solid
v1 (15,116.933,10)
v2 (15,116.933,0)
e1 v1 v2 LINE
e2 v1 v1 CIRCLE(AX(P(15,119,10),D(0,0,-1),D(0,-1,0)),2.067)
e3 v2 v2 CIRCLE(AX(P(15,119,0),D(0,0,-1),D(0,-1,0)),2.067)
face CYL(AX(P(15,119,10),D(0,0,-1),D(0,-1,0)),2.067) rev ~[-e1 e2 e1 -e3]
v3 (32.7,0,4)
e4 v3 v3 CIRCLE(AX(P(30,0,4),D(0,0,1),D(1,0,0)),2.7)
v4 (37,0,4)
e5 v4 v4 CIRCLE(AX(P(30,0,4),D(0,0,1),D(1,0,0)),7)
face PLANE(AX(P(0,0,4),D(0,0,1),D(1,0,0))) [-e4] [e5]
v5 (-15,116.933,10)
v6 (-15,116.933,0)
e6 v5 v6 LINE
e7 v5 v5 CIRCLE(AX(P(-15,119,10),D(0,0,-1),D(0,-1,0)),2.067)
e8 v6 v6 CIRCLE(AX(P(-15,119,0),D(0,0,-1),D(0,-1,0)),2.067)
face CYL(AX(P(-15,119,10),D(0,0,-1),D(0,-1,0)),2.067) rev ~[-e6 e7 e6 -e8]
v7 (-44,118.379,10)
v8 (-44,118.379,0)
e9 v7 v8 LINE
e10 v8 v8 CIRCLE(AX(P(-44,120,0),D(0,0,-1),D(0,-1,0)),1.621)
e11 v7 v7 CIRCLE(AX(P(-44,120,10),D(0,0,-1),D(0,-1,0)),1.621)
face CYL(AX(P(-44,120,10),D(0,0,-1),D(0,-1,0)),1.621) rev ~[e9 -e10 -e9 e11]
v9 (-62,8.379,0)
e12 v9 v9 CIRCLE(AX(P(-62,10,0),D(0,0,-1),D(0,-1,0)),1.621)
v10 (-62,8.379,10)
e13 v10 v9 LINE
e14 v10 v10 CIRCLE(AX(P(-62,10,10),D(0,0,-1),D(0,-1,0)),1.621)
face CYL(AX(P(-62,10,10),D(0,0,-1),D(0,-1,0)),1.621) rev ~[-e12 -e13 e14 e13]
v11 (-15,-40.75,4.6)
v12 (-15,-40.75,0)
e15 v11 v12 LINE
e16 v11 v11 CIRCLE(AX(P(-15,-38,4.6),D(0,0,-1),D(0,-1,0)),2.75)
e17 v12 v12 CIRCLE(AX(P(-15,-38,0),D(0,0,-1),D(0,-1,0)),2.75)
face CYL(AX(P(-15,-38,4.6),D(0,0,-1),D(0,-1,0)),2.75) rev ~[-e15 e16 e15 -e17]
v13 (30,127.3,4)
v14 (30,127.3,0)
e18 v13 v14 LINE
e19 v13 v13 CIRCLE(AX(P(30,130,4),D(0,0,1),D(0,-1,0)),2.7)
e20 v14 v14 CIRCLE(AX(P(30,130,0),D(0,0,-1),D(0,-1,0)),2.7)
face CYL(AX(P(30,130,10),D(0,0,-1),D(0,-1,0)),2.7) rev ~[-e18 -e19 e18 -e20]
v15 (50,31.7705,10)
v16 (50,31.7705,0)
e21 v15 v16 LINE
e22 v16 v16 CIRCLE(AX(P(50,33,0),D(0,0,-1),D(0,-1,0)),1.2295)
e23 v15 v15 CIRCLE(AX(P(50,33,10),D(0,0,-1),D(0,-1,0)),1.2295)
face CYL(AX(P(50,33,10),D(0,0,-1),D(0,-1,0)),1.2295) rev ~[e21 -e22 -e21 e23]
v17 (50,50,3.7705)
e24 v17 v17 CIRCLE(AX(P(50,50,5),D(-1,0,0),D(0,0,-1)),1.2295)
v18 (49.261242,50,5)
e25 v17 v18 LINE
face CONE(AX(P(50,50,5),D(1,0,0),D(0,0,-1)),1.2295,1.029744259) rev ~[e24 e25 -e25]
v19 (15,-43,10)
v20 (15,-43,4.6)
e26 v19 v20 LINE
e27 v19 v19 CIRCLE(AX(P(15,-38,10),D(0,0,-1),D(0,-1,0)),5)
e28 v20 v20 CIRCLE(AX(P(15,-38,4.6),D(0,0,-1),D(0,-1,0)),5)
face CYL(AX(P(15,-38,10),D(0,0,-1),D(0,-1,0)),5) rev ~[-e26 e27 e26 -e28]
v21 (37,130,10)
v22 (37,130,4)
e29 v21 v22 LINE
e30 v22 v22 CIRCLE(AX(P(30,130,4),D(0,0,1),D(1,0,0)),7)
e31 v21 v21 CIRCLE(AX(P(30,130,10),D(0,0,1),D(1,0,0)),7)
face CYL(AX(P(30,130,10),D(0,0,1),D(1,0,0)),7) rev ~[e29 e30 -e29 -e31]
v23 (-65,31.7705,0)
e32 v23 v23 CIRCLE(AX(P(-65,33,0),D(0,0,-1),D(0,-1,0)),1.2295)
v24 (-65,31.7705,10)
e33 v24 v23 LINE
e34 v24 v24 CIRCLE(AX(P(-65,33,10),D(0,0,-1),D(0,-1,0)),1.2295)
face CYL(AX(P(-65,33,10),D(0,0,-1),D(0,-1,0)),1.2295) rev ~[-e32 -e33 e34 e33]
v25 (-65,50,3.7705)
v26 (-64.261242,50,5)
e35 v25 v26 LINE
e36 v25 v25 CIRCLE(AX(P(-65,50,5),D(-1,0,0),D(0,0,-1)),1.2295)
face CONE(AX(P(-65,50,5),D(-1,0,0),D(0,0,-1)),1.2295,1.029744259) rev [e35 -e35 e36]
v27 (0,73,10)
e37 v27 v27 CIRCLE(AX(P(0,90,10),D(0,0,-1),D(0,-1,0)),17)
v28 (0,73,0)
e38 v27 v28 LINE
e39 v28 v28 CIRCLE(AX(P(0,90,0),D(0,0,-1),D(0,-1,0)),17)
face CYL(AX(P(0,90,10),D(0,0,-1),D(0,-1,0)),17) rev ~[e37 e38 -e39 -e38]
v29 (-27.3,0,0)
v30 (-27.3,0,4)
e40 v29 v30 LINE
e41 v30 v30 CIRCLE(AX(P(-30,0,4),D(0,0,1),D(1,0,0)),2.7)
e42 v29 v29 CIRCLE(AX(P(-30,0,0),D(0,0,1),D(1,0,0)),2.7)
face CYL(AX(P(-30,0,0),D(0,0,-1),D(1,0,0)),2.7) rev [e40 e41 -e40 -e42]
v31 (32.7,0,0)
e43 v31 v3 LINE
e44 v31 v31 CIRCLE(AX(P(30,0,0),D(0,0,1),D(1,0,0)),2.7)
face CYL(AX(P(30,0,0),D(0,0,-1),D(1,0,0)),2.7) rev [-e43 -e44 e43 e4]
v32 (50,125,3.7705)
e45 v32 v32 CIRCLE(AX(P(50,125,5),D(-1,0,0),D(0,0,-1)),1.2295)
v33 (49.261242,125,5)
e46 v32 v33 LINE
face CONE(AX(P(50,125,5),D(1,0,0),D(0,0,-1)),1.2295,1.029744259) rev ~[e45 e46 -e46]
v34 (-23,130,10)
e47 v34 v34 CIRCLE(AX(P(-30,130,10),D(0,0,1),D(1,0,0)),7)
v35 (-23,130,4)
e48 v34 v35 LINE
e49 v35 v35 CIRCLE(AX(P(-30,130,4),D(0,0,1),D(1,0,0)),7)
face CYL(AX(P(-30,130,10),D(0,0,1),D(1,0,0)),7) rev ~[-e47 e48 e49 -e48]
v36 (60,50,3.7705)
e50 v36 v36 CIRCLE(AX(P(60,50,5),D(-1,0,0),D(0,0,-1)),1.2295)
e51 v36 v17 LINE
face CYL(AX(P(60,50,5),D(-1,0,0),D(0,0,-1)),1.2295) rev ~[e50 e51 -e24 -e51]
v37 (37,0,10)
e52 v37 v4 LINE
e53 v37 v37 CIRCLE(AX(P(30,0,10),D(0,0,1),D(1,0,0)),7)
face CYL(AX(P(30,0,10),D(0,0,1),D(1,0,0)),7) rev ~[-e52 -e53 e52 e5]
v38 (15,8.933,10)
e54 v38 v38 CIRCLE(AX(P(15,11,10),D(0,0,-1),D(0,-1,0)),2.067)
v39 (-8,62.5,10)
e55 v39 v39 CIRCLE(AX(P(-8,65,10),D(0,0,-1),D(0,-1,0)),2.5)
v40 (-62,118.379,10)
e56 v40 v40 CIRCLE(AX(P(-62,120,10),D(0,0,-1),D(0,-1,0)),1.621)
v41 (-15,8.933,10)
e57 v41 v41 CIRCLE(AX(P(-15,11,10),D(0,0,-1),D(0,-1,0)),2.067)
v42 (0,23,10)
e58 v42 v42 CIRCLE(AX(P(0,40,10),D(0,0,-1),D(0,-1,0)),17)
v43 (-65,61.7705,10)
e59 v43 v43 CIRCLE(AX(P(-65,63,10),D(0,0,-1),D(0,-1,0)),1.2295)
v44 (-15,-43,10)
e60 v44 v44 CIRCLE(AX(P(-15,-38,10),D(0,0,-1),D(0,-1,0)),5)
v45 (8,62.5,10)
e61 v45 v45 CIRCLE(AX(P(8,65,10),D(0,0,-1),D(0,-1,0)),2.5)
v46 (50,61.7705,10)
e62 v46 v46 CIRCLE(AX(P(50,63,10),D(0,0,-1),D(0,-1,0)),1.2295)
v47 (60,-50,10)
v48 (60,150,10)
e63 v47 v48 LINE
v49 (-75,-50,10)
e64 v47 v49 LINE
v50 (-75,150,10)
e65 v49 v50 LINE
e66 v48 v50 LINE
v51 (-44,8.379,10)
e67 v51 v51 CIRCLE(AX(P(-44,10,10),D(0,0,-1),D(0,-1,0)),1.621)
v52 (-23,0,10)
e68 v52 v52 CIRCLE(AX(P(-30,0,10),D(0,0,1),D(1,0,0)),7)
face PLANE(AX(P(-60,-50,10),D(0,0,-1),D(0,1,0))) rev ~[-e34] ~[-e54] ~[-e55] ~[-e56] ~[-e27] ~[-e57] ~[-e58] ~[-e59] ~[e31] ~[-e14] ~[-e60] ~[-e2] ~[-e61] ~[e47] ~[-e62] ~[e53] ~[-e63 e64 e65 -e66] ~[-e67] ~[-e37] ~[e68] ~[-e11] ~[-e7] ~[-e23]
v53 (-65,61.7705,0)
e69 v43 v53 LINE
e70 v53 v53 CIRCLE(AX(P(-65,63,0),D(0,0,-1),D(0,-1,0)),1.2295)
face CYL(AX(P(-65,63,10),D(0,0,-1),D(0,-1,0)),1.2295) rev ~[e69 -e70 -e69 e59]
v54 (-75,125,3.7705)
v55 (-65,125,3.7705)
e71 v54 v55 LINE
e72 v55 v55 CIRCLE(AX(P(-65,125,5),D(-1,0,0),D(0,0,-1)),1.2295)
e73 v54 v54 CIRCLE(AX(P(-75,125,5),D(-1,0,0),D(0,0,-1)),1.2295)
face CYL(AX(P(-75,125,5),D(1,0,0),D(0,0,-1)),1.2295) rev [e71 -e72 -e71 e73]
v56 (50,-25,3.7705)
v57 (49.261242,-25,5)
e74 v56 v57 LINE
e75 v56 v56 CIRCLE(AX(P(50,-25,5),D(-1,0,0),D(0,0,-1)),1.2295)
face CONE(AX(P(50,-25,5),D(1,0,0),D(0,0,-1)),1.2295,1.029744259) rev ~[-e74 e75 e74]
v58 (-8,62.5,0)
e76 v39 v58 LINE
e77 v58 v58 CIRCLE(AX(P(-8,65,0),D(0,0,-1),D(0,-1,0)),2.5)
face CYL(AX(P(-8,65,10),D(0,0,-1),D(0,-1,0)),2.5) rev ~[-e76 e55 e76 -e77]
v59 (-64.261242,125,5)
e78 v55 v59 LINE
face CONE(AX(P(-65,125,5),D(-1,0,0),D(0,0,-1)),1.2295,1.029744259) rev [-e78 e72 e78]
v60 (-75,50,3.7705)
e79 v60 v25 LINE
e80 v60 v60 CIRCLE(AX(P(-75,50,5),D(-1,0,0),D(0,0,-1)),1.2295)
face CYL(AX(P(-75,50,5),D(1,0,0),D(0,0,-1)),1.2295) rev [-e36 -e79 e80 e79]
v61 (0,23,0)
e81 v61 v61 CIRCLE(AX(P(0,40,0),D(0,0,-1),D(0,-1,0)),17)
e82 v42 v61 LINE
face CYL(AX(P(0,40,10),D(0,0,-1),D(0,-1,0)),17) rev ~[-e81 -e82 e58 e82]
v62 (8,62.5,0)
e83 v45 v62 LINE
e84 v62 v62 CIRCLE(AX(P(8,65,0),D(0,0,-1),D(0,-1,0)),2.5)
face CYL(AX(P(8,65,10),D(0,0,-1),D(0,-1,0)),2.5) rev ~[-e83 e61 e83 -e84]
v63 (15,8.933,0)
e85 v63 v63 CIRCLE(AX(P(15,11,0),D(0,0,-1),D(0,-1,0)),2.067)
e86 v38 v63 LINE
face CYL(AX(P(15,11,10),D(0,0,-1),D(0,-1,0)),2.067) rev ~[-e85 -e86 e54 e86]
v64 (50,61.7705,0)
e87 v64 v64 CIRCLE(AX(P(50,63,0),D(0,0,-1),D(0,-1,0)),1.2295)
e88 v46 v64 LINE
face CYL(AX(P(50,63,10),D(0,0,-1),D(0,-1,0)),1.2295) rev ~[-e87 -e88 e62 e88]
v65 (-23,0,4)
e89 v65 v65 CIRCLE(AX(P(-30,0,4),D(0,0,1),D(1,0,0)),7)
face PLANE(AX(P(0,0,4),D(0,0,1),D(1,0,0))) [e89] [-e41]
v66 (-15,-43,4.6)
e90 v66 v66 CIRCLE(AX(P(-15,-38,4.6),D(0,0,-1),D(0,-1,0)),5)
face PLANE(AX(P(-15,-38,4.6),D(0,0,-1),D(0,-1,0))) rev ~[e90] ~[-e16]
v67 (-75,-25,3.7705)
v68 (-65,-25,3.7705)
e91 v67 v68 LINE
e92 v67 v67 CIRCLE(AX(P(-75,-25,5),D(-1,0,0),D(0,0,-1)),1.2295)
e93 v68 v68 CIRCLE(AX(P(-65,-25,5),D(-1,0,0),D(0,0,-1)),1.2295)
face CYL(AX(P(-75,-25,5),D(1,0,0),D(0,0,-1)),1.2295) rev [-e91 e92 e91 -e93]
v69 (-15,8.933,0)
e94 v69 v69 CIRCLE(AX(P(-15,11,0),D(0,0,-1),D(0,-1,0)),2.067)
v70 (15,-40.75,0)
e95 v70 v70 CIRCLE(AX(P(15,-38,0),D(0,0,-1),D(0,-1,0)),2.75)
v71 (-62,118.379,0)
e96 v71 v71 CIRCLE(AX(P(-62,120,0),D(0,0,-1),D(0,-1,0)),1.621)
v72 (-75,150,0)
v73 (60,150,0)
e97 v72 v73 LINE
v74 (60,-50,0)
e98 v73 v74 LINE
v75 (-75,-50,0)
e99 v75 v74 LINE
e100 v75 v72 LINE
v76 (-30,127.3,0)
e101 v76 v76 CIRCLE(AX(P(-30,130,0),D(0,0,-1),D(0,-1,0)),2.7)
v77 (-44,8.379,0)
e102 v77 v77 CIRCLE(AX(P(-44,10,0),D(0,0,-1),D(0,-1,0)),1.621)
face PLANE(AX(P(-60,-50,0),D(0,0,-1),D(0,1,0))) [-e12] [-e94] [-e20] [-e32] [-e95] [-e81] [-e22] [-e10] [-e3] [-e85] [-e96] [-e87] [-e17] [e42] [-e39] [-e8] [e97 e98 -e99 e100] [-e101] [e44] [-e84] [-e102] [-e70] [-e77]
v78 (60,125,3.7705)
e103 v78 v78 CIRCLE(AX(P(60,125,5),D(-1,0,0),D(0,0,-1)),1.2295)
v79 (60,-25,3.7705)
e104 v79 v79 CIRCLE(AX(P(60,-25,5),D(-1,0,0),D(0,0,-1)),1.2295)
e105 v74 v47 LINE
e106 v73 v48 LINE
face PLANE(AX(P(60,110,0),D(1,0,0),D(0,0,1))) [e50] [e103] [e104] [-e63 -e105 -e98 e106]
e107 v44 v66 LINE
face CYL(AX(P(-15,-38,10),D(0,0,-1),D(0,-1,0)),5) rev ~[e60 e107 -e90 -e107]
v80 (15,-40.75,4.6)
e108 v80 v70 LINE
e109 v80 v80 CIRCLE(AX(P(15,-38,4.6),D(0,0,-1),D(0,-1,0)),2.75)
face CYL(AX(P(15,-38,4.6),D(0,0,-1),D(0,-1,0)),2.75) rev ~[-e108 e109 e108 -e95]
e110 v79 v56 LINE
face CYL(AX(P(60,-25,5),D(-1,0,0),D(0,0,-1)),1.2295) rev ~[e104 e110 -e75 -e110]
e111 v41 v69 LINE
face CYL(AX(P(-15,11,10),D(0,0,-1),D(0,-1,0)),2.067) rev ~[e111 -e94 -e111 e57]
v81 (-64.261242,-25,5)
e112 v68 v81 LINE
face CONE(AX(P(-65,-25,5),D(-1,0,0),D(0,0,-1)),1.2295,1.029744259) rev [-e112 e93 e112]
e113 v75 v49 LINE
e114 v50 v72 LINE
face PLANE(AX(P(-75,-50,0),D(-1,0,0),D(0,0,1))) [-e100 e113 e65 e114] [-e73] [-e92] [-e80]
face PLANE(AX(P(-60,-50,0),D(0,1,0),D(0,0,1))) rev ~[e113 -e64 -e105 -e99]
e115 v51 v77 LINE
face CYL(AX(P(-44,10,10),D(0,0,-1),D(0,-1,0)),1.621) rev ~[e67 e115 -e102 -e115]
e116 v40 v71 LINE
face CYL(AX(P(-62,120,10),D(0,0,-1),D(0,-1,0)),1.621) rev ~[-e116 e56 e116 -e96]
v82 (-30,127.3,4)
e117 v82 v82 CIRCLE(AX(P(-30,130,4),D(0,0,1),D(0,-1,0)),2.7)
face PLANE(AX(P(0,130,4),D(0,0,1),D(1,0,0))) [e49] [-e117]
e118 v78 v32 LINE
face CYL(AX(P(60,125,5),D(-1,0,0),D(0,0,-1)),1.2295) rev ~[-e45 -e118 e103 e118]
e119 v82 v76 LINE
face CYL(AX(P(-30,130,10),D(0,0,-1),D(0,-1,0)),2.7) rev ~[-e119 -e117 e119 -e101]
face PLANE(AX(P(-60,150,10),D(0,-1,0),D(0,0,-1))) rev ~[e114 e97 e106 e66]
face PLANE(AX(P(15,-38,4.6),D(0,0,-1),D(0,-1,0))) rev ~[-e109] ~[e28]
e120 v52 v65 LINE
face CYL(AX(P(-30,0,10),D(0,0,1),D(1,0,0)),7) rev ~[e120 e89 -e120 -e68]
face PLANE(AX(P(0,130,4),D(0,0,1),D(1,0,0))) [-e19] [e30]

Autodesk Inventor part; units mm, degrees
ref_plane "YZ Plane" through (0, 0, 0) normal (1, 0, 0) x (0, 1, 0)
ref_plane "XZ Plane" through (0, 0, 0) normal (0, 1, 0) x (-1, 0, 0)
sketch "Skizze1" plane through (0, 0, 0) normal (0, 0, 1) x (1, 0, 0)
  line L0 (-60, 110) -> (60, 110)
  line L1 (60, 110) -> (60, -50)
  line L2 (60, -50) -> (-60, -50)
  line L3 (-60, -50) -> (-60, 110)
  line L4 (-1104, 0) -> (254, 0) projected
  line L5 (0, -83) -> (0, 148) projected
  circle A0 centre (-30, 0) radius 2.7
  circle A1 centre (30, 0) radius 2.7
  line L6 (-910, 115) -> (-40, 115) projected
  point P0 (0, 0)
  dimension "d0" = 110
  dimension "d1" = 120
  dimension "d2" = 60
  dimension "d3" = 5.4
  dimension "d7" = 50
extrude "Extrusion1" add sketch "Skizze1" along normal blind 10 contours L0 L5 L4 A0 L3 | L0 L1 L4 A1 L5 | L4 A0 L5 L2 L3 | L4 A1 L1 L2 L5
sketch "Skizze2" plane through (0, 0, 10) normal (0, 0, 1) x (1, 0, 0)
  line L0 (-60, 110) -> (60, 110) projected
  line L1 (0, -82) -> (0, 142) projected
  point P0 (0, 0)
  point P1 (0, 90)
  point P2 (0, 40)
  dimension "d17" = 20
  dimension "d18" = 50
hole "Bohrung2" at (0, 90, 10) at (0, 40, 10) direction (0, 0, -1) diameter 34 end through all
sketch "Skizze5" plane through (0, 0, 10) normal (0, 0, 1) x (1, 0, 0)
  circle A0 centre (30, 0) radius 2.7 projected
  circle A1 centre (-30, 0) radius 2.7 projected
  circle A2 centre (-30, 0) radius 7
  circle A3 centre (30, 0) radius 7
  point P0 (0, 0)
  dimension "d33" = 14
extrude "Extrusion2" cut sketch "Skizze5" against normal blind 6
sketch "Skizze6" plane through (-60, 110, 0) normal (0, 1, 0) x (1, 0, 0)
  line L0 (0, -10) -> (120, -10) projected
  line L1 (120, 0) -> (120, -10) projected
  line L2 (0, 0) -> (120, 0) projected
  line L3 (0, 0) -> (0, -10) projected
  point P0 (60, 0)
extrude "Extrusion3" add sketch "Skizze6" along normal blind 40
pattern_linear "Rechteckige Anordnung1" count 2 spacing 130 along (0, 1, 0) of "Extrusion2"
sketch "Skizze8" plane through (0, 0, 10) normal (0, 0, 1) x (1, 0, 0)
  circle A0 centre (30, 130) radius 7 projected
  circle A1 centre (-30, 130) radius 7 projected
  point P0 (0, 0)
hole "Bohrung4" at (-30, 130, 10) at (30, 130, 10) direction (0, 0, -1) diameter 5.4 end through all
sketch "Skizze9" plane through (-60, -50, 0) normal (-1, 0, 0) x (0, 0, 1)
  line L0 (10, 0) -> (10, 200) projected
  line L1 (10, 200) -> (0, 200) projected
  line L2 (0, 0) -> (0, 200) projected
  line L3 (0, 0) -> (10, 0) projected
  point P0 (0, 50)
extrude "Extrusion4" add sketch "Skizze9" along normal blind 15
sketch "Skizze10" plane through (0, 0, 10) normal (0, 0, 1) x (1, 0, 0)
  line L0 (60, 150) -> (-75, 150) projected
  line L1 (-75, 150) -> (-75, -50) projected
  line L2 (60, -50) -> (-75, -50) projected
  line L3 (-75, 120) -> (-28.668, 120)
  line L4 (-53, 93.8234) -> (-53, 98.8806)
  line L5 (60, 150) -> (60, -50) projected
  line L6 (-75, 10) -> (-27.5048, 10)
  point P0 (0, 0)
  point P1 (-62, 120)
  point P2 (-44, 120)
  point P3 (-62, 10)
  point P4 (-44, 10)
  dimension "d50" = 30
  dimension "d51" = 22
  dimension "d52" = 18
  dimension "d60" = 140
  dimension "d61" = 18
hole "Bohrung6" at (-62, 120, 10) at (-44, 120, 10) at (-62, 10, 10) at (-44, 10, 10) direction (0, 0, -1) diameter 3.242 end through all thread size "M4x0.7" class "6H" standard "ISO Metric profile"
sketch "Skizze11" plane through (0, 0, 10) normal (0, 0, 1) x (1, 0, 0)
  circle A0 centre (7.5, -46) radius 1.621 projected
  circle A1 centre (7.5, -30) radius 1.621 projected
  circle A2 centre (-7.5, -30) radius 1.621 projected
  circle A3 centre (-7.5, -46) radius 1.621 projected
  line L0 (-25, -26) -> (25, -26) projected
  line L1 (-25, -50) -> (-25, -26) projected
  line L2 (25, -50) -> (-25, -50) projected
  line L3 (25, -26) -> (25, -50) projected
  line L4 (-25, -38) -> (25, -38)
  line L5 (-102, 0) -> (87, 0) projected
  line L6 (0, -90) -> (0, 190) projected
  circle A4 centre (15, -38) radius 2.067 projected
  circle A5 centre (-15, -38) radius 2.067 projected
  point P0 (0, 0)
  point P1 (-15, -38)
  point P2 (15, -38)
  dimension "d69" = 30
hole "Bohrung7" at (-15, -38, 10) at (15, -38, 10) direction (0, 0, -1) diameter 5.5 end through all counterbore diameter 10 counterbore depth 5.4
sketch "Skizze12" plane through (60, -50, 10) normal (1, 0, 0) x (0, 0, -1)
  line L0 (0, 200) -> (0, 0) projected
  line L1 (10, 0) -> (0, 0) projected
  line L2 (10, 200) -> (0, 200) projected
  line L3 (10, -40) -> (10, 240) projected
  line L4 (12, 50) -> (-2, 50) projected
  line L5 (0, 100) -> (10, 100)
  line L6 (5, 200) -> (5, 0)
  point P0 (10, 50)
  point P1 (5, 175)
  point P2 (5, 100)
  point P3 (5, 25)
  dimension "d77" = 25
  dimension "d78" = 25
hole "Bohrung8" at (60, 125, 5) at (60, 50, 5) at (60, -25, 5) direction (-1, 0, 0) diameter 2.459 depth 10 tip angle 118 thread size "M3x0.5" class "6H" standard "ISO Metric profile"
ref_plane "Arbeitsebene1" through (-7.5, -50, 10) normal (1, 0, 0) x (0, 0, -1)
mirror "Spiegeln1" about plane through (-7.5, -50, 10) normal (1, 0, 0) of "Bohrung8"
hole "Bohrung9" at (8, 65, 10) at (-8, 65, 10) direction (0, 0, -1) diameter 5 end through all
sketch "Skizze13" plane through (0, 0, 10) normal (0, 0, 1) x (1, 0, 0)
  circle A0 centre (-15, 119) radius 2.75 projected
  circle A1 centre (15, 119) radius 2.75 projected
  circle A2 centre (15, 11) radius 2.75 projected
  circle A3 centre (-15, 11) radius 2.75 projected
  point P0 (0, 0)
hole "Bohrung10" at (-15, 11, 10) at (15, 11, 10) at (15, 119, 10) at (-15, 119, 10) direction (0, 0, -1) diameter 4.134 end through all thread size "M5x0.8" class "6H" standard "ISO Metric profile"
sketch "Skizze14" plane through (0, 0, 10) normal (0, 0, 1) x (1, 0, 0)
  line L0 (60, 150) -> (60, -50) projected
  line L1 (60, 150) -> (-75, 150) projected
  line L2 (-75, 150) -> (-75, -50) projected
  line L3 (60, -50) -> (-75, -50) projected
  line L4 (50, 150) -> (50, -50)
  line L5 (-65, 150) -> (-65, -50)
  point P0 (0, 0)
  point P1 (50, 63)
  point P2 (50, 33)
  point P3 (-65, 63)
  point P4 (-65, 33)
  dimension "d101" = 10
  dimension "d102" = 87
  dimension "d103" = 30
  dimension "d104" = 10
hole "Bohrung11" at (50, 63, 10) at (50, 33, 10) at (-65, 63, 10) at (-65, 33, 10) direction (0, 0, -1) diameter 2.459 end through all thread size "M3x0.5" class "6H" standard "ISO Metric profile"
properties part number "13_0204_028"
